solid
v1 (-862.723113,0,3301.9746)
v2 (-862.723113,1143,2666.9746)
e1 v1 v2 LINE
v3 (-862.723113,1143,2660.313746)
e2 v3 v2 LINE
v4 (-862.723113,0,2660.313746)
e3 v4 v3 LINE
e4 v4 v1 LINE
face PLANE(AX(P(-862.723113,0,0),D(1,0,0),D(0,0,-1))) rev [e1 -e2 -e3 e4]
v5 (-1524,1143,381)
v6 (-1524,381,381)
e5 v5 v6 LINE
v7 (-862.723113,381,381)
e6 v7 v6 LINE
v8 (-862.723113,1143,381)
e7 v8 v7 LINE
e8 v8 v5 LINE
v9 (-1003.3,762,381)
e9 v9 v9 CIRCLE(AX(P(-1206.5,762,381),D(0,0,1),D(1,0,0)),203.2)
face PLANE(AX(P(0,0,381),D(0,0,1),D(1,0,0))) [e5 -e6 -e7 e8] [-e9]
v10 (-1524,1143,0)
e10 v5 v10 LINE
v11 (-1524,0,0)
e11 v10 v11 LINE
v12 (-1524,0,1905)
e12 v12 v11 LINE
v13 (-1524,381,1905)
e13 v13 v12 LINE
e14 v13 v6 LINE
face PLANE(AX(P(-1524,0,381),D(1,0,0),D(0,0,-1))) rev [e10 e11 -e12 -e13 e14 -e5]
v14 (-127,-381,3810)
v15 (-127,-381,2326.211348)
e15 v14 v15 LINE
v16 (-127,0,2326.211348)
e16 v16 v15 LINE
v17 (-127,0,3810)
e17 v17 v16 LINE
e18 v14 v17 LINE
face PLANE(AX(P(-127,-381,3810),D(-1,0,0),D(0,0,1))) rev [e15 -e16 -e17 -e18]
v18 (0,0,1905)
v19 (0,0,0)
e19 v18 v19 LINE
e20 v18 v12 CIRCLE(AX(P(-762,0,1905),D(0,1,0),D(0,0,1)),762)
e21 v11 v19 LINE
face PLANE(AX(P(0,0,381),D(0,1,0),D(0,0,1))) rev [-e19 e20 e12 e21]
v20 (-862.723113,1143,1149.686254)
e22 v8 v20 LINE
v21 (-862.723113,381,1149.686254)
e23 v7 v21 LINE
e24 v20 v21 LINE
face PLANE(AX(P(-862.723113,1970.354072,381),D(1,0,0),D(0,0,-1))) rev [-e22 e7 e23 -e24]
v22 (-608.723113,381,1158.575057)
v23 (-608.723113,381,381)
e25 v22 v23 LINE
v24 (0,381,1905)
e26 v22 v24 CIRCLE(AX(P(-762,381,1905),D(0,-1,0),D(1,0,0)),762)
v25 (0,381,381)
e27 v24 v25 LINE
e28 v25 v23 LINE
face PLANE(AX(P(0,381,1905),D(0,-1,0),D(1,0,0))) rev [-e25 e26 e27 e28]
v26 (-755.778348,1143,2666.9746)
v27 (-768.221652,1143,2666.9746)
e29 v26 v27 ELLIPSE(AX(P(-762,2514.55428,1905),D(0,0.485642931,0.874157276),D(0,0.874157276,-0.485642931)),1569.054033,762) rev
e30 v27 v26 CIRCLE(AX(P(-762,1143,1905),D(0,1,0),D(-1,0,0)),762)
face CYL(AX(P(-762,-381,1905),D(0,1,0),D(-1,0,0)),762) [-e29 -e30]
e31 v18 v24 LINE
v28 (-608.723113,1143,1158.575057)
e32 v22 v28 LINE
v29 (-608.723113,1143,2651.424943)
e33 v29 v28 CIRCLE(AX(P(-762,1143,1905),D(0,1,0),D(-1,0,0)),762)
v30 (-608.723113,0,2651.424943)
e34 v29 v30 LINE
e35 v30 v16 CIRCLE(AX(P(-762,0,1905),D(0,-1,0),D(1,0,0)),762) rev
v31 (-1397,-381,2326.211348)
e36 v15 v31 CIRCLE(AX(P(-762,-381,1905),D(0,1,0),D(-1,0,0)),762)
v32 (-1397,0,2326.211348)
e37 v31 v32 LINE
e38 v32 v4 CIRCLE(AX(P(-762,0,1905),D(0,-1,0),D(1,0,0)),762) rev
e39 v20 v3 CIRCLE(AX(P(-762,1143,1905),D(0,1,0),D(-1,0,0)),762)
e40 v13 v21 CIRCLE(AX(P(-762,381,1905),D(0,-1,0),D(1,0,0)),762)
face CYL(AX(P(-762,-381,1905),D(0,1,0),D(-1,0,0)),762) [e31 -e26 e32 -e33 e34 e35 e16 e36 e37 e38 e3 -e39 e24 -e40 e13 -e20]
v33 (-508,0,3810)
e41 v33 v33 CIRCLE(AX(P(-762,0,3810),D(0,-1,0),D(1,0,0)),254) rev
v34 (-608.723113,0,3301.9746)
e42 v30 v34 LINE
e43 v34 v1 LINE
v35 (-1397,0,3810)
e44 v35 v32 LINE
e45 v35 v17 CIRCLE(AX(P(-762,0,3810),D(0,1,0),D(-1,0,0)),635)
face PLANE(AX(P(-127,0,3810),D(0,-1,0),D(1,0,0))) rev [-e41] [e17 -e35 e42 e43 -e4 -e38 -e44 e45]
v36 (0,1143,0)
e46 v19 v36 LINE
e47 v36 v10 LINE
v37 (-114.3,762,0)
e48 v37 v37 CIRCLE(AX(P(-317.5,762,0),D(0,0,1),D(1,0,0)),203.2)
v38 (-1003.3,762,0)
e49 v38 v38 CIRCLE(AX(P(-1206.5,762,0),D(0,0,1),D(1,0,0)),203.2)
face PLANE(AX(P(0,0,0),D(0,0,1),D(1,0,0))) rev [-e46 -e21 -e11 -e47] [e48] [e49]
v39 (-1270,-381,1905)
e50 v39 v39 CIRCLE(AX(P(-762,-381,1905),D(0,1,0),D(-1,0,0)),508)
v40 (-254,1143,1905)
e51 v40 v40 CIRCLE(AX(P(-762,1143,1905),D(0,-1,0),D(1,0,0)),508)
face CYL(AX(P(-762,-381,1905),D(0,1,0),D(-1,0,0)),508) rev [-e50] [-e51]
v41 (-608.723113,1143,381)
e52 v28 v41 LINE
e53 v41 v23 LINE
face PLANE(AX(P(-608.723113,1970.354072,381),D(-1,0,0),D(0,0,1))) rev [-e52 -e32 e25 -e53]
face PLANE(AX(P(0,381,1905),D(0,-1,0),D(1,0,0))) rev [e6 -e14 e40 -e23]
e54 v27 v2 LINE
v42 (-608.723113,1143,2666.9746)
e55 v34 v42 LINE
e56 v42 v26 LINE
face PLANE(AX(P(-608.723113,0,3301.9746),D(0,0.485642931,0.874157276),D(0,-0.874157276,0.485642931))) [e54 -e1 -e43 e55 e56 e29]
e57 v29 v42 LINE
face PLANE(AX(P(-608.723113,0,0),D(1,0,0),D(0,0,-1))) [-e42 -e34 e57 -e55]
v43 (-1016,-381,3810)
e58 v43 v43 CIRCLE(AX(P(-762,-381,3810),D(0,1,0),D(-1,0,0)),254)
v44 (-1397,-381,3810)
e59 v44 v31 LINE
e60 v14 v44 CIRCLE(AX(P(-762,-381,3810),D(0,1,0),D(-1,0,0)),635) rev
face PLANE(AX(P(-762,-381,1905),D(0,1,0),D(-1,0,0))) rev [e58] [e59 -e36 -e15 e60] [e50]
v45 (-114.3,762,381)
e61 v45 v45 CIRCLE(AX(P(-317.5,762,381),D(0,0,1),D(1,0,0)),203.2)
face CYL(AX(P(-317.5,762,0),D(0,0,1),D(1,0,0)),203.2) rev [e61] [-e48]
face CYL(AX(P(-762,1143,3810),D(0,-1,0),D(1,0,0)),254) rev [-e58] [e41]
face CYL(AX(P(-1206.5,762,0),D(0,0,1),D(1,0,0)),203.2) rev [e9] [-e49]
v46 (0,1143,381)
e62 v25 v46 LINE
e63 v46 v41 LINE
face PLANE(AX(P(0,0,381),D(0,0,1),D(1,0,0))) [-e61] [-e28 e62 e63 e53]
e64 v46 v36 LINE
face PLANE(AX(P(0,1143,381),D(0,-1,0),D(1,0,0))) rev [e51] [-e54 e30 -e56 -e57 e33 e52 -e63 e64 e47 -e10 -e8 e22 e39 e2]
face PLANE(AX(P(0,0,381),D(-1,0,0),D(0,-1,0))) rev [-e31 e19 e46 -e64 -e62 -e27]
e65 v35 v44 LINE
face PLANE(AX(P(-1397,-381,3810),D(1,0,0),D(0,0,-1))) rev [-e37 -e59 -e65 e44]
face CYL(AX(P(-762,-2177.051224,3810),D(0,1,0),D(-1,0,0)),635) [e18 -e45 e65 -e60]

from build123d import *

# Parameters (mm, degrees)
SKETCH1_W               = 1524
SKETCH1_H               = 1143
BOSS_EXTRUDE1_DEPTH     = 381
SKETCH4_R               = 203.2
CUT_EXTRUDE1_DEPTH      = 1943.726434679
SKETCH5_R               = 762
BOSS_EXTRUDE2_DEPTH     = 1524
SKETCH6_W               = 1524
SKETCH6_H               = 381
BOSS_EXTRUDE3_DEPTH     = 1524
SKETCH8_W               = 254
SKETCH8_H               = 787.4
BOSS_EXTRUDE4_DEPTH     = 762
SKETCH10_W              = 1270
SKETCH10_H              = 381
BOSS_EXTRUDE5_DEPTH     = 1905
SKETCH11_R              = 635
BOSS_EXTRUDE6_DEPTH     = 381
CUT_EXTRUDE2_DEPTH      = 4837.015922224
CUT_EXTRUDE2_DEPTH_BACK = 4837.015922224
SKETCH12_R              = 254
BOSS_EXTRUDE10_DEPTH    = 254
SKETCH14_W              = 254
SKETCH14_H              = 1143
BOSS_EXTRUDE11_DEPTH    = 25.4
CUT_EXTRUDE3_DEPTH      = 4940.957186049
CUT_EXTRUDE3_DEPTH_BACK = 4940.957186049
SKETCH15_R              = 508


with BuildPart() as part:
    # Sketch1 → Boss-Extrude1 (new body)
    with BuildSketch(Plane.XY):
        with Locations((-762, 571.5)):
            Rectangle(SKETCH1_W, SKETCH1_H)
    extrude(amount=BOSS_EXTRUDE1_DEPTH)

    # Sketch4 → Cut-Extrude1 (cut, through all)
    with BuildSketch(Plane.XY.offset(381)):
        with Locations((-317.5, 762)):
            Circle(SKETCH4_R)
        with Locations((-1206.5, 762)):
            Circle(SKETCH4_R)
    extrude(amount=-CUT_EXTRUDE1_DEPTH, mode=Mode.SUBTRACT)



with BuildPart() as body_2:
    # Sketch5 → Boss-Extrude2 (new body)
    with BuildSketch(Plane(origin=(0, 1143, 0), x_dir=(1, 0, 0), z_dir=(0, 1, 0))):
        with Locations(Location((-762, -1905, 0), (0, 0, 180))):
            Circle(SKETCH5_R)
    extrude(amount=-BOSS_EXTRUDE2_DEPTH)


with BuildPart() as part_1:
    add(part.part)

    add(body_2.part)  # Boss-Extrude3 merges body 2
    # Sketch6 → Boss-Extrude3 (add)
    with BuildSketch(Plane.XY.offset(381)):
        with Locations((-762, 190.5)):
            Rectangle(SKETCH6_W, SKETCH6_H)
    extrude(amount=BOSS_EXTRUDE3_DEPTH)

    # Sketch8 → Boss-Extrude4 (add)
    with BuildSketch(Plane(origin=(0, 381, 0), x_dir=(1, 0, 0), z_dir=(0, 1, 0))):
        with Locations((-735.723112529, -774.7)):
            Rectangle(SKETCH8_W, SKETCH8_H)
    extrude(amount=BOSS_EXTRUDE4_DEPTH)

    # Sketch10 → Boss-Extrude5 (add)
    with BuildSketch(Plane.XY.offset(1905)):
        with Locations((-762, -190.5)):
            Rectangle(SKETCH10_W, SKETCH10_H)
    extrude(amount=BOSS_EXTRUDE5_DEPTH)

    # Sketch11 → Boss-Extrude6 (add)
    with BuildSketch(Plane(origin=(0, 0, 0), x_dir=(1, 0, 0), z_dir=(0, 1, 0))):
        with Locations((-762, -3810)):
            Circle(SKETCH11_R)
    extrude(amount=-BOSS_EXTRUDE6_DEPTH)

    # Sketch12 → Cut-Extrude2 (cut, two sides: drawn at the far end of the back side and taken through both)
    with BuildSketch(Plane(origin=(0, 0, 0), x_dir=(1, 0, 0), z_dir=(0, 1, 0)).offset(-CUT_EXTRUDE2_DEPTH_BACK)):
        with Locations((-762, -3810)):
            Circle(SKETCH12_R)
    extrude(amount=CUT_EXTRUDE2_DEPTH + CUT_EXTRUDE2_DEPTH_BACK, mode=Mode.SUBTRACT)

    # Sketch13 → Boss-Extrude10 (add)
    with BuildSketch(Plane.ZY.offset(862.723112529)):
        Polygon((2666.9746, 1143), (2666.9746, 0), (3301.9746, 0), align=None)
    extrude(amount=-BOSS_EXTRUDE10_DEPTH)

    # Sketch14 → Boss-Extrude11 (add)
    with BuildSketch(Plane(origin=(0, 0, 2666.9746), x_dir=(-1, 0, 0), z_dir=(0, 0, -1))):
        with Locations((735.723112529, 571.5)):
            Rectangle(SKETCH14_W, SKETCH14_H)
    extrude(amount=BOSS_EXTRUDE11_DEPTH)

    # Sketch15 → Cut-Extrude3 (cut, two sides: drawn at the far end of the back side and taken through both)
    with BuildSketch(Plane(origin=(0, 1143, 0), x_dir=(1, 0, 0), z_dir=(0, 1, 0)).offset(-CUT_EXTRUDE3_DEPTH_BACK)):
        with Locations(Location((-762, -1905, 0), (0, 0, 180))):
            Circle(SKETCH15_R)
    extrude(amount=CUT_EXTRUDE3_DEPTH + CUT_EXTRUDE3_DEPTH_BACK, mode=Mode.SUBTRACT)


solid = part_1.part
